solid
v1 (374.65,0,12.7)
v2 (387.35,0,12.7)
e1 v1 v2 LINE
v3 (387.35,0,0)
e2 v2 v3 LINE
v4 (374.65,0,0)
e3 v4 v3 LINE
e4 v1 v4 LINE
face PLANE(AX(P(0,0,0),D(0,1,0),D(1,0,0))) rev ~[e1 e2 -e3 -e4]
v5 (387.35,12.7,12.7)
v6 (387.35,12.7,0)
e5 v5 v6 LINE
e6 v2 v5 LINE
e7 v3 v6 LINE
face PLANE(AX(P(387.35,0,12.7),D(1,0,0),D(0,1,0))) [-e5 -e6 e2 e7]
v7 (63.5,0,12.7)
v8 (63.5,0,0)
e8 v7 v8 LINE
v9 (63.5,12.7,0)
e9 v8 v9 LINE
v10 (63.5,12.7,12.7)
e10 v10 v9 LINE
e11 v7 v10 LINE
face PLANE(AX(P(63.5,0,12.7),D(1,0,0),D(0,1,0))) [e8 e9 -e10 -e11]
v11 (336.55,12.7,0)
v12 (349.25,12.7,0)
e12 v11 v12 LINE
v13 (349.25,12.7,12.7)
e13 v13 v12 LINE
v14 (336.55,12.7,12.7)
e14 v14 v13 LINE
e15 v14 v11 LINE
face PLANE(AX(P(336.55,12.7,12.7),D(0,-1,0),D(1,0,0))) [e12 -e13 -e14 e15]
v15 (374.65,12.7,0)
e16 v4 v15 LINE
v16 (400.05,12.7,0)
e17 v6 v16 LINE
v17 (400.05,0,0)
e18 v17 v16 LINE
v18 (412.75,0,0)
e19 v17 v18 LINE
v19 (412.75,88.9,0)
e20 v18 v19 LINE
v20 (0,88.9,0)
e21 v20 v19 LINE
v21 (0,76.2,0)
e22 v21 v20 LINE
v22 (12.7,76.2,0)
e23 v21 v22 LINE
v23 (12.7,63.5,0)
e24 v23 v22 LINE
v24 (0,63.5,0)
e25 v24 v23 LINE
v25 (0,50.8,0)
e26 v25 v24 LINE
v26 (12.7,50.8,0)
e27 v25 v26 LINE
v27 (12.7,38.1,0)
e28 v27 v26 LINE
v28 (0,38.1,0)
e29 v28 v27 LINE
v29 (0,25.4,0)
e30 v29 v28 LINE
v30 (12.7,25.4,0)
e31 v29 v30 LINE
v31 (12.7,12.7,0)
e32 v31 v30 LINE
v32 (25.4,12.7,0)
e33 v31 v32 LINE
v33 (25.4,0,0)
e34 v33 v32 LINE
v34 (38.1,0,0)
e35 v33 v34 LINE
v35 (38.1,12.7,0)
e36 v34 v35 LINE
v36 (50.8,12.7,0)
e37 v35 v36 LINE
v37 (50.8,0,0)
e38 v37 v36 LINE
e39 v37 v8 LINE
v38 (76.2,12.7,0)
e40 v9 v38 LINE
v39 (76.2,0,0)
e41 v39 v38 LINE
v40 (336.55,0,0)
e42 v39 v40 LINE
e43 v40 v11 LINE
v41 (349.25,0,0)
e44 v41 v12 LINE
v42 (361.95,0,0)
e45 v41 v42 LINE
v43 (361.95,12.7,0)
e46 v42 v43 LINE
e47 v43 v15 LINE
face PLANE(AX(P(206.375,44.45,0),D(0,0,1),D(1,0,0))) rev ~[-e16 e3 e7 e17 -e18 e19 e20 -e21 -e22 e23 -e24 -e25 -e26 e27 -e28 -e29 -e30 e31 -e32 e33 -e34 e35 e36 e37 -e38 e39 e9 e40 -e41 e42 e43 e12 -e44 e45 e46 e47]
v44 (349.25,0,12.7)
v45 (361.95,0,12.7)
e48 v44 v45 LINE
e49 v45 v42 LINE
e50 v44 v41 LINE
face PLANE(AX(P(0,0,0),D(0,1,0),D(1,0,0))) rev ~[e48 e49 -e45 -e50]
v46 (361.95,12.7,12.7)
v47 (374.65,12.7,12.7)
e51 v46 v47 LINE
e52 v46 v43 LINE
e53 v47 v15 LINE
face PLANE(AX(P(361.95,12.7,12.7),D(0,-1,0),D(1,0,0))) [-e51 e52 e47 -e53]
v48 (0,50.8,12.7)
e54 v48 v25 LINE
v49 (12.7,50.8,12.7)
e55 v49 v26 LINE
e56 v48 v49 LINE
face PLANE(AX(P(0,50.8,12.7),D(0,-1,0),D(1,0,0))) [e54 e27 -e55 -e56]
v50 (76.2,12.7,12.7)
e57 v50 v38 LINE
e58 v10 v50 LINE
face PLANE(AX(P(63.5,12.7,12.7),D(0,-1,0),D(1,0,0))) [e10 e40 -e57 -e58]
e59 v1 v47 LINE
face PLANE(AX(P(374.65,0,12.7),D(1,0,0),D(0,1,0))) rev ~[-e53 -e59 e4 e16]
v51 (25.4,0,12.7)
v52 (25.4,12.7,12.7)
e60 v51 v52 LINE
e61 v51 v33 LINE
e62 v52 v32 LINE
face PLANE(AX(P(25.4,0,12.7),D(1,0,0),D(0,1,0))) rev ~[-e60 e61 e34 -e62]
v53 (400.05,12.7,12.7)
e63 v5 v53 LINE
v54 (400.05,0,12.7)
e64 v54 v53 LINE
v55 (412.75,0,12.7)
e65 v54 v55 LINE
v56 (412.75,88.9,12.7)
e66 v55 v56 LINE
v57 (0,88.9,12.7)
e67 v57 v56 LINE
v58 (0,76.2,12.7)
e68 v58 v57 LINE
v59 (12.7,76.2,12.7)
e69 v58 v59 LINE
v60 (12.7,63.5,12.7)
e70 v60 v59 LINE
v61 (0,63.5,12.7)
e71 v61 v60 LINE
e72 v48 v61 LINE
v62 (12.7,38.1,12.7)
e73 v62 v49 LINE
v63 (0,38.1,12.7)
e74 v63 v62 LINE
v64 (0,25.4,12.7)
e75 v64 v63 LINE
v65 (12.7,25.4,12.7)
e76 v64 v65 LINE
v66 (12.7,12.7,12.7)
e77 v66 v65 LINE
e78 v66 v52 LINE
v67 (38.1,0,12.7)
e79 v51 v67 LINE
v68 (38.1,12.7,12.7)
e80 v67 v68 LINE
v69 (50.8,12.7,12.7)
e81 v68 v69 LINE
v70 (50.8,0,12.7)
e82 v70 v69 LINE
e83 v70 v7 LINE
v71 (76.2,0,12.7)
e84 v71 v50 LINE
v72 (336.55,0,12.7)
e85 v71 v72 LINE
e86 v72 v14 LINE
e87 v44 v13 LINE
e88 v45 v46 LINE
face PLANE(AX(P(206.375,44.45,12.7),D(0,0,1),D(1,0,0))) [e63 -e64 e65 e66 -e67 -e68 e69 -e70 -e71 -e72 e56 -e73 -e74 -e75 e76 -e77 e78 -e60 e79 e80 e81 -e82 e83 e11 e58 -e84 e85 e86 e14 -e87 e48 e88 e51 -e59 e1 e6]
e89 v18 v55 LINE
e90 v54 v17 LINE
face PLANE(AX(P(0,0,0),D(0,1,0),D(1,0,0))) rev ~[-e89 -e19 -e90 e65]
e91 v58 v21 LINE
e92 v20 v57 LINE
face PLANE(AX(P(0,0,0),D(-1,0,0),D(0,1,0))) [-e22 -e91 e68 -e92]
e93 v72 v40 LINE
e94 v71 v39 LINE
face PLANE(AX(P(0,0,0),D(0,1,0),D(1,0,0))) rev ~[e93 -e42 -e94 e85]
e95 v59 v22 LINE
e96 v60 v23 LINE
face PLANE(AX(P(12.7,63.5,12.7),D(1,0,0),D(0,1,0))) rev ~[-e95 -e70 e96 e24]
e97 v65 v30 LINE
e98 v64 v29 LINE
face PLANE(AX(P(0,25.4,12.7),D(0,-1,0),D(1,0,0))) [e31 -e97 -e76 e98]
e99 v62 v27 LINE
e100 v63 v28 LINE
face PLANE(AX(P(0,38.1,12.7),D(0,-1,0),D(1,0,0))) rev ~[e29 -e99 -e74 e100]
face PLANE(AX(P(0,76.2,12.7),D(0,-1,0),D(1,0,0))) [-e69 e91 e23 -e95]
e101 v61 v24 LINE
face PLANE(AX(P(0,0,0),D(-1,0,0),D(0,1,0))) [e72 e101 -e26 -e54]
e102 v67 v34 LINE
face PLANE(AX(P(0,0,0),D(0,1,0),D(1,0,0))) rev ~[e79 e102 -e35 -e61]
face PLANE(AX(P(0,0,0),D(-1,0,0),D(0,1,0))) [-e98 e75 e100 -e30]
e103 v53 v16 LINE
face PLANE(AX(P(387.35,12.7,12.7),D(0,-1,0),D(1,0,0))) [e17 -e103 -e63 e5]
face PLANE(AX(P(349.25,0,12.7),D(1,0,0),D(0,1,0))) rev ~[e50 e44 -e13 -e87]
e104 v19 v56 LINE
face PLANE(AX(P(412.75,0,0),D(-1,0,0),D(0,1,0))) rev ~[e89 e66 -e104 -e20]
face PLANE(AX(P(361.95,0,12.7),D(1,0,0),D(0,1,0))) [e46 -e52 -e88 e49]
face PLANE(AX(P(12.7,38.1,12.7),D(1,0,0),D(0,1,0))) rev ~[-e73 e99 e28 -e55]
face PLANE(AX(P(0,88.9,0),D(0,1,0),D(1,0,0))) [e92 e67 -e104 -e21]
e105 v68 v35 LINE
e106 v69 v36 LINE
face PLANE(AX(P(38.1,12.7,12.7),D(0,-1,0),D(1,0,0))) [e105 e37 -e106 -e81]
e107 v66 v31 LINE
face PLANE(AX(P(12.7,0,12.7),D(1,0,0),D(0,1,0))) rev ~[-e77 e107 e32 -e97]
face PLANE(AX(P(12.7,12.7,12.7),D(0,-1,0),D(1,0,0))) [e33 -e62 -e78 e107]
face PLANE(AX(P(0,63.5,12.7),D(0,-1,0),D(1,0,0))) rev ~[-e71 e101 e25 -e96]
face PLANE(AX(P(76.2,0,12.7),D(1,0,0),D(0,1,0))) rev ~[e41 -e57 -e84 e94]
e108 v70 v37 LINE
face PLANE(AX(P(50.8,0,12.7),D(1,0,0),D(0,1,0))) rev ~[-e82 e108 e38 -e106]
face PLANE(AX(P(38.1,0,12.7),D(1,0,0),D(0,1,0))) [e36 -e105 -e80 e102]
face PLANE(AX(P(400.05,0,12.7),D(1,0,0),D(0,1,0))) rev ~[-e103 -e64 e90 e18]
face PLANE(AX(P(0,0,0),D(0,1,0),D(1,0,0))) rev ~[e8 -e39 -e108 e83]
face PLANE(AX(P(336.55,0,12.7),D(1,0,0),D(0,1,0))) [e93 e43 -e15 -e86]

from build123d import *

# Parameters (mm, degrees)
F0_W     = 412.75
F0_H     = 88.9
F1_DEPTH = 12.7
F2_W     = 12.7
F2_H     = 25.4
F2_H_2   = 12.7
F3_DEPTH = 25.4
F4_W     = 12.7
F4_H     = 12.7
F5_DEPTH = 25.4
F6_W     = 12.7
F6_H     = 12.7
F7_DEPTH = 25.4


with BuildPart() as f1:
    # F0 (on Top) → F1 (new body)
    with BuildSketch(Plane.XY):
        with Locations((206.375, 44.45)):
            Rectangle(F0_W, F0_H)
    extrude(amount=F1_DEPTH)

    # F2 (on face) → F3 (cut)
    with BuildSketch(Plane.XY.offset(12.7)):
        with Locations((6.35, 12.7)):
            Rectangle(F2_W, F2_H)
        with Locations((6.35, 69.85)):
            Rectangle(F2_W, F2_H_2)
        with Locations((6.35, 44.45)):
            Rectangle(F2_W, F2_H_2)
    extrude(amount=-F3_DEPTH, mode=Mode.SUBTRACT)

    # F4 (on face) → F5 (cut)
    with BuildSketch(Plane.XY.offset(12.7)):
        with Locations((393.7, 6.35)):
            Rectangle(F4_W, F4_H)
        with Locations((368.3, 6.35)):
            Rectangle(F4_W, F4_H)
        with Locations((342.9, 6.35)):
            Rectangle(F4_W, F4_H)
    extrude(amount=-F5_DEPTH, mode=Mode.SUBTRACT)

    # F6 (on face) → F7 (cut)
    with BuildSketch(Plane.XY.offset(12.7)):
        with Locations((19.05, 6.35)):
            Rectangle(F6_W, F6_H)
        with Locations((44.45, 6.35)):
            Rectangle(F6_W, F6_H)
        with Locations((69.85, 6.35)):
            Rectangle(F6_W, F6_H)
    extrude(amount=-F7_DEPTH, mode=Mode.SUBTRACT)


solid = f1.part
